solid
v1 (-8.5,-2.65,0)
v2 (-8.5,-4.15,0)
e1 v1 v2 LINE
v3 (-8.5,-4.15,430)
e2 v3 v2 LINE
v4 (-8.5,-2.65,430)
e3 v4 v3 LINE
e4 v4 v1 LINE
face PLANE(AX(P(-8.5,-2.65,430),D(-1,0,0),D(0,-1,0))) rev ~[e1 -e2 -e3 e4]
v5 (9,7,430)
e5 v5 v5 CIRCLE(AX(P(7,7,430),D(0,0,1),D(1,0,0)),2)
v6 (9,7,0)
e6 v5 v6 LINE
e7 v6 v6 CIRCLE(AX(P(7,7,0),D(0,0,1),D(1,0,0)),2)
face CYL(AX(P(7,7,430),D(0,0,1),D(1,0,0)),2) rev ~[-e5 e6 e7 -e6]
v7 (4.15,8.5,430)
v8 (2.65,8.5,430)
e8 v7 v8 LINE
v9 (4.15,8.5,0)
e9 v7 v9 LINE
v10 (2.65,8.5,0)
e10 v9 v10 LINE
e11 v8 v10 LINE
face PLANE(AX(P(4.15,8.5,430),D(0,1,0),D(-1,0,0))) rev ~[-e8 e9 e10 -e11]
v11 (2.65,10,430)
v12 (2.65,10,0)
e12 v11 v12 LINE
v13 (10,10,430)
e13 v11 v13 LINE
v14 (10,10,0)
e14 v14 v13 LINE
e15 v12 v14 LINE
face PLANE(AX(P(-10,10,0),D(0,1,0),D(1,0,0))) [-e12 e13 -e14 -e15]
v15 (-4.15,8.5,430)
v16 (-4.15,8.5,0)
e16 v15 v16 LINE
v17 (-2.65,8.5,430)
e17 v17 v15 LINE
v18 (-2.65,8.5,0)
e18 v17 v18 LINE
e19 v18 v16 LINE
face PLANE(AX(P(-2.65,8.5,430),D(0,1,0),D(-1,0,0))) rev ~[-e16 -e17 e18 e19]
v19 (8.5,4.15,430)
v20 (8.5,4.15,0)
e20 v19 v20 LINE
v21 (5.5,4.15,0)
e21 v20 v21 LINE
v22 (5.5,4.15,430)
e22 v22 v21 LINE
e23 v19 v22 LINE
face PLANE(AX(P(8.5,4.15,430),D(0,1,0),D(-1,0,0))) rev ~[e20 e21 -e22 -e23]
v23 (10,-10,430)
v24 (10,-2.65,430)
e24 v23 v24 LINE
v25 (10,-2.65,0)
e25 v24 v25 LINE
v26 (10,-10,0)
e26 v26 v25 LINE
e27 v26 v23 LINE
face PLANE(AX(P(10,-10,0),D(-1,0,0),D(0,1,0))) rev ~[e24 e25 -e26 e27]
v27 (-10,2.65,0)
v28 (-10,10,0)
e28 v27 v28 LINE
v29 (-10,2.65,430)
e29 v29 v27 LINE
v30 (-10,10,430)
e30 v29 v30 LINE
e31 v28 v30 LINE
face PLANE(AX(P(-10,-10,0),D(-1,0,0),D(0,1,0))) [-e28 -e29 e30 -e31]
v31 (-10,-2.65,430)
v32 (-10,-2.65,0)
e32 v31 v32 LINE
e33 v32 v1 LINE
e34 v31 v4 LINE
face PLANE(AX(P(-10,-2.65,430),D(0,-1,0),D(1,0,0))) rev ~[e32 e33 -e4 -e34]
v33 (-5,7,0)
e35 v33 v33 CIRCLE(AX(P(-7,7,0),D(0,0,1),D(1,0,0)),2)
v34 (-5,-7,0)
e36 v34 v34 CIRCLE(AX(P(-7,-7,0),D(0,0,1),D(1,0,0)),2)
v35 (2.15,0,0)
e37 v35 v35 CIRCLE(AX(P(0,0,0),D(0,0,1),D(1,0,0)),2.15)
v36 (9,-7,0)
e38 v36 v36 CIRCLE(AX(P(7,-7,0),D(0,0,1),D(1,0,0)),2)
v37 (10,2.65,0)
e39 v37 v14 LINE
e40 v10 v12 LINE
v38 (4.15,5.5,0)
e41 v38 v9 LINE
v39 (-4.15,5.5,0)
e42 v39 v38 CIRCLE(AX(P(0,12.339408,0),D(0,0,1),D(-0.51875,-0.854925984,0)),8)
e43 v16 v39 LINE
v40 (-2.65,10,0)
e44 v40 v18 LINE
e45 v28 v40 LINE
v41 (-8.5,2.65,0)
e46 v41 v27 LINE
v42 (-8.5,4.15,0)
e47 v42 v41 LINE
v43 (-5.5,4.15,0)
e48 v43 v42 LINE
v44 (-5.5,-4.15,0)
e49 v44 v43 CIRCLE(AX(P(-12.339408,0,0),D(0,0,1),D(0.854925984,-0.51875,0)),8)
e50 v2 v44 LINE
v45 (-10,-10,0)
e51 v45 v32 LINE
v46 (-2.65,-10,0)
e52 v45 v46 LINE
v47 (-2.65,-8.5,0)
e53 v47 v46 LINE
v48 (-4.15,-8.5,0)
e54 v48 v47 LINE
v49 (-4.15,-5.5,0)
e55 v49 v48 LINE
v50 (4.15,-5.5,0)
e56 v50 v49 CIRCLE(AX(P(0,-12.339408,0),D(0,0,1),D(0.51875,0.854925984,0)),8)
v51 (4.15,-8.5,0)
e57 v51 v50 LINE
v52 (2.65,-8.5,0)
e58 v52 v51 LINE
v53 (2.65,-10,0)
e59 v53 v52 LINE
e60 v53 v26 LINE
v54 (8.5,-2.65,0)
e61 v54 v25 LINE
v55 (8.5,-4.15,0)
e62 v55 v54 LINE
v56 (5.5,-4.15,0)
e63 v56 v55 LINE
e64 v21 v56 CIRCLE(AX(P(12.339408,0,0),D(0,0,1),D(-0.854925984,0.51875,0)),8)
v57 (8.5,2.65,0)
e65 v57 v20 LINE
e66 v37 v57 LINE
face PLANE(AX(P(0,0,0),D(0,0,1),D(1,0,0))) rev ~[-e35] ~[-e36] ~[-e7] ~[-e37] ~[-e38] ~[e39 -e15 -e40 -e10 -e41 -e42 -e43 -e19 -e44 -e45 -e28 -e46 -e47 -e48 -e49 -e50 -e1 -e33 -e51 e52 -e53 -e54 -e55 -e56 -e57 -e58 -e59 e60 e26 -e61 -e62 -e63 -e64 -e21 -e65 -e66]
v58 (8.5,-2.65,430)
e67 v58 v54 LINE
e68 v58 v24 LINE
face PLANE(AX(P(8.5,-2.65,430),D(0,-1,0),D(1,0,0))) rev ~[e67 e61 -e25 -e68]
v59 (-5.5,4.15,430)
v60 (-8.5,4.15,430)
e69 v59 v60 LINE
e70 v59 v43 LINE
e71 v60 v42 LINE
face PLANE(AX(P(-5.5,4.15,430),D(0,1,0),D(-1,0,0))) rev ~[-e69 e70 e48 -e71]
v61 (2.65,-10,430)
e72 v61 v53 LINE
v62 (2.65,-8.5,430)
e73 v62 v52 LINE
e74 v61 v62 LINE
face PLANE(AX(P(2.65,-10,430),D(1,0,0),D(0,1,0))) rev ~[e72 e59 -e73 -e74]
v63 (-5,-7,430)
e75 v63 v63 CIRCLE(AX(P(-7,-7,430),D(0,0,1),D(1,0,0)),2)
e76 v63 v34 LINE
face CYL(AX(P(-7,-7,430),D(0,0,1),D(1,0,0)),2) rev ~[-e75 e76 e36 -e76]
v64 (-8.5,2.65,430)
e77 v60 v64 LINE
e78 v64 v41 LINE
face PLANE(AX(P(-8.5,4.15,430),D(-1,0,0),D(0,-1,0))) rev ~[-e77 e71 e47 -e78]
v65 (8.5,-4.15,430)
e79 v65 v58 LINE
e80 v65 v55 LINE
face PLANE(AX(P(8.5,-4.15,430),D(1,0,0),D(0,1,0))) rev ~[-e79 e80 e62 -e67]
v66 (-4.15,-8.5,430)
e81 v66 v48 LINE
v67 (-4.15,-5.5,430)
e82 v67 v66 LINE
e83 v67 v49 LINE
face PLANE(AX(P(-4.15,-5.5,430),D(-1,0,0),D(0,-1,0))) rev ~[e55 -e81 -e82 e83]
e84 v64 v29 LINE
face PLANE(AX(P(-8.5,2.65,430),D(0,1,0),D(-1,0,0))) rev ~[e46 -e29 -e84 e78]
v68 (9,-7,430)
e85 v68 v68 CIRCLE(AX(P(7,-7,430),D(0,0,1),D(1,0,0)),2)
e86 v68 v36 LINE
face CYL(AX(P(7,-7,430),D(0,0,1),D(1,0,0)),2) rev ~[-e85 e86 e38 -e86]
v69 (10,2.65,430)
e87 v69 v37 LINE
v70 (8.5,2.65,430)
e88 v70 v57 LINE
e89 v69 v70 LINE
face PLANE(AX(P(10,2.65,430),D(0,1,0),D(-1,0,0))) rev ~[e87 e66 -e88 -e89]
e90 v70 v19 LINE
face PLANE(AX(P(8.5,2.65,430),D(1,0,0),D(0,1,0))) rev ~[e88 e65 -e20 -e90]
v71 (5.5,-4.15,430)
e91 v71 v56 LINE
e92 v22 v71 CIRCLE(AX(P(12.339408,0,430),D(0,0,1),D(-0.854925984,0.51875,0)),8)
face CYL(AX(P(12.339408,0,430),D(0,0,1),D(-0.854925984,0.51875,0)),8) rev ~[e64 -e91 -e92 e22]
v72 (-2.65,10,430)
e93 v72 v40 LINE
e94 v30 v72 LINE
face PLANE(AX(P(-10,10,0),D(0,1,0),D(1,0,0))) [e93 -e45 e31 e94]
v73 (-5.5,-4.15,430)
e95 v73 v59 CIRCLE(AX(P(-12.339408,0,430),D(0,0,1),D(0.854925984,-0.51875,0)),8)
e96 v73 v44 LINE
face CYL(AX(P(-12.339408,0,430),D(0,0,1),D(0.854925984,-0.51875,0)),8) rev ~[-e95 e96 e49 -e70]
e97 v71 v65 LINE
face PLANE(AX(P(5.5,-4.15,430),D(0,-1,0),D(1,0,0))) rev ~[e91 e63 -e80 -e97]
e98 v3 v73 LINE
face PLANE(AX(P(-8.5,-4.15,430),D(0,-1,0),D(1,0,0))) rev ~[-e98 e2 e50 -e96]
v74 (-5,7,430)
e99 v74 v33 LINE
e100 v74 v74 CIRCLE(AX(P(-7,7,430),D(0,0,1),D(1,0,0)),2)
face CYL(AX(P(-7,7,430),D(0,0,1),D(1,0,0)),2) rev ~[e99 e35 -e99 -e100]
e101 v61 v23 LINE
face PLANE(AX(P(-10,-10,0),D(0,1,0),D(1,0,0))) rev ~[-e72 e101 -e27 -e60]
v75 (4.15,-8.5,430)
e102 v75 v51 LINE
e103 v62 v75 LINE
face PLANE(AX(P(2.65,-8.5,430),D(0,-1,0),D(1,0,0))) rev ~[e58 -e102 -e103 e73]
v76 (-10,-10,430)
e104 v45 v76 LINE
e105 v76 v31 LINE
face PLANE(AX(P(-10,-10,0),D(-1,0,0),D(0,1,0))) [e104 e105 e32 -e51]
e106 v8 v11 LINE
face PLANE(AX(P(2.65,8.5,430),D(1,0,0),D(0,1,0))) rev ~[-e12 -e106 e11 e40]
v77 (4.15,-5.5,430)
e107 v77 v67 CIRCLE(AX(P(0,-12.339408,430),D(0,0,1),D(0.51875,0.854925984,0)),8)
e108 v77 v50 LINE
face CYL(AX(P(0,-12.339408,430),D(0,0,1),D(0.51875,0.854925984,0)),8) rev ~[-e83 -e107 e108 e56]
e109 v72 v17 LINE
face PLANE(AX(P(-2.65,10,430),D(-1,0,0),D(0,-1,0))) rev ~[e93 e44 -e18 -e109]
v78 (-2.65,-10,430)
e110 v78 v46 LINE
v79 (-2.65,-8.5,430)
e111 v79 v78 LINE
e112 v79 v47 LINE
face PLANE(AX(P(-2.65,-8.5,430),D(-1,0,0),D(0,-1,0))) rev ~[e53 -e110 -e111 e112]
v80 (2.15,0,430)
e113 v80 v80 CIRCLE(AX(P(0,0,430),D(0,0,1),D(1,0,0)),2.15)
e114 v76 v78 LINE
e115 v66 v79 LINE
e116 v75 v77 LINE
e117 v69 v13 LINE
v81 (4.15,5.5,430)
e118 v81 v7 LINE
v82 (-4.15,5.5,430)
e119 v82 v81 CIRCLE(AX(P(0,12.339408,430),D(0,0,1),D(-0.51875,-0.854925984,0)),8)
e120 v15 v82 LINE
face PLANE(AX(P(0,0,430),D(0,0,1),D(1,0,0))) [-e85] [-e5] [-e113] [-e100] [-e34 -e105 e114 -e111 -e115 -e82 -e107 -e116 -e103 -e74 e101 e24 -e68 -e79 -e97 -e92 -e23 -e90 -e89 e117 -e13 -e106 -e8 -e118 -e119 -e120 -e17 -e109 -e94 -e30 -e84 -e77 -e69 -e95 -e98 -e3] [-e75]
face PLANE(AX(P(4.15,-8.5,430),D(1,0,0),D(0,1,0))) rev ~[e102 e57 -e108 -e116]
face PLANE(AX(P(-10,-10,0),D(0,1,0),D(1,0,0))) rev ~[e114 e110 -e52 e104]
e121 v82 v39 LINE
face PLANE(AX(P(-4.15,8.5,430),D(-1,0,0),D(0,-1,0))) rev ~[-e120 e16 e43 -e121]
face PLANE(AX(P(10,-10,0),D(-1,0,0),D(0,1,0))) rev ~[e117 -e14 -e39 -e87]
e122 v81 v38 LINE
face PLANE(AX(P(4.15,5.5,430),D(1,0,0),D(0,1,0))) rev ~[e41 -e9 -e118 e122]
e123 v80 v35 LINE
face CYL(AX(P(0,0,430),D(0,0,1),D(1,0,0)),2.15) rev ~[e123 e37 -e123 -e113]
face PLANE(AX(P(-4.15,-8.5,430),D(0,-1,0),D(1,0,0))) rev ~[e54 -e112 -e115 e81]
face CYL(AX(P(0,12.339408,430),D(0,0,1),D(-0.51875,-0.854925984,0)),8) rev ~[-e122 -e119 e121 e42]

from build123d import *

# Parameters (mm, degrees)
SKETCH_1_W          = 20
SKETCH_1_H          = 20
EXTRUDE_1_DEPTH     = 430
SKETCH_2_R          = 2.15
SKETCH_2_R_2        = 2
CUT_EXTRUDE_1_DEPTH = 431.232495286


with BuildPart() as part:
    # 스케치1 → 보스-돌출1 (new body)
    with BuildSketch(Plane.XY):
        Rectangle(SKETCH_1_W, SKETCH_1_H)
    extrude(amount=EXTRUDE_1_DEPTH)

    # 스케치2 → 컷-돌출1 (cut, through all)
    with BuildSketch(Plane.XY.offset(430)):
        Circle(SKETCH_2_R)
        with Locations((-7, 7)):
            Circle(SKETCH_2_R_2)
        with Locations((7, 7)):
            Circle(SKETCH_2_R_2)
        with Locations((7, -7)):
            Circle(SKETCH_2_R_2)
        with Locations((-7, -7)):
            Circle(SKETCH_2_R_2)
        with BuildLine():
            Line((-2.65, 10), (-2.65, 8.5))
            Line((-2.65, 8.5), (-4.15, 8.5))
            Line((-4.15, 8.5), (-4.15, 5.5))
            ThreePointArc((-4.15, 5.5), (0, 4.339407869), (4.15, 5.5))
            Line((4.15, 5.5), (4.15, 8.5))
            Line((4.15, 8.5), (2.65, 8.5))
            Line((2.65, 8.5), (2.65, 10))
            Line((2.65, 10), (-2.65, 10))
        make_face()
        with BuildLine():
            Line((10, 2.65), (8.5, 2.65))
            Line((8.5, 2.65), (8.5, 4.15))
            Line((8.5, 4.15), (5.5, 4.15))
            ThreePointArc((5.5, 4.15), (4.339407869, 0), (5.5, -4.15))
            Line((5.5, -4.15), (8.5, -4.15))
            Line((8.5, -4.15), (8.5, -2.65))
            Line((8.5, -2.65), (10, -2.65))
            Line((10, -2.65), (10, 2.65))
        make_face()
        with BuildLine():
            Line((2.65, -10), (2.65, -8.5))
            Line((2.65, -8.5), (4.15, -8.5))
            Line((4.15, -8.5), (4.15, -5.5))
            ThreePointArc((4.15, -5.5), (0, -4.339407869), (-4.15, -5.5))
            Line((-4.15, -5.5), (-4.15, -8.5))
            Line((-4.15, -8.5), (-2.65, -8.5))
            Line((-2.65, -8.5), (-2.65, -10))
            Line((-2.65, -10), (2.65, -10))
        make_face()
        with BuildLine():
            Line((-10, -2.65), (-8.5, -2.65))
            Line((-8.5, -2.65), (-8.5, -4.15))
            Line((-8.5, -4.15), (-5.5, -4.15))
            ThreePointArc((-5.5, -4.15), (-4.339407869, 0), (-5.5, 4.15))
            Line((-5.5, 4.15), (-8.5, 4.15))
            Line((-8.5, 4.15), (-8.5, 2.65))
            Line((-8.5, 2.65), (-10, 2.65))
            Line((-10, 2.65), (-10, -2.65))
        make_face()
    extrude(amount=-CUT_EXTRUDE_1_DEPTH, mode=Mode.SUBTRACT)


solid = part.part
